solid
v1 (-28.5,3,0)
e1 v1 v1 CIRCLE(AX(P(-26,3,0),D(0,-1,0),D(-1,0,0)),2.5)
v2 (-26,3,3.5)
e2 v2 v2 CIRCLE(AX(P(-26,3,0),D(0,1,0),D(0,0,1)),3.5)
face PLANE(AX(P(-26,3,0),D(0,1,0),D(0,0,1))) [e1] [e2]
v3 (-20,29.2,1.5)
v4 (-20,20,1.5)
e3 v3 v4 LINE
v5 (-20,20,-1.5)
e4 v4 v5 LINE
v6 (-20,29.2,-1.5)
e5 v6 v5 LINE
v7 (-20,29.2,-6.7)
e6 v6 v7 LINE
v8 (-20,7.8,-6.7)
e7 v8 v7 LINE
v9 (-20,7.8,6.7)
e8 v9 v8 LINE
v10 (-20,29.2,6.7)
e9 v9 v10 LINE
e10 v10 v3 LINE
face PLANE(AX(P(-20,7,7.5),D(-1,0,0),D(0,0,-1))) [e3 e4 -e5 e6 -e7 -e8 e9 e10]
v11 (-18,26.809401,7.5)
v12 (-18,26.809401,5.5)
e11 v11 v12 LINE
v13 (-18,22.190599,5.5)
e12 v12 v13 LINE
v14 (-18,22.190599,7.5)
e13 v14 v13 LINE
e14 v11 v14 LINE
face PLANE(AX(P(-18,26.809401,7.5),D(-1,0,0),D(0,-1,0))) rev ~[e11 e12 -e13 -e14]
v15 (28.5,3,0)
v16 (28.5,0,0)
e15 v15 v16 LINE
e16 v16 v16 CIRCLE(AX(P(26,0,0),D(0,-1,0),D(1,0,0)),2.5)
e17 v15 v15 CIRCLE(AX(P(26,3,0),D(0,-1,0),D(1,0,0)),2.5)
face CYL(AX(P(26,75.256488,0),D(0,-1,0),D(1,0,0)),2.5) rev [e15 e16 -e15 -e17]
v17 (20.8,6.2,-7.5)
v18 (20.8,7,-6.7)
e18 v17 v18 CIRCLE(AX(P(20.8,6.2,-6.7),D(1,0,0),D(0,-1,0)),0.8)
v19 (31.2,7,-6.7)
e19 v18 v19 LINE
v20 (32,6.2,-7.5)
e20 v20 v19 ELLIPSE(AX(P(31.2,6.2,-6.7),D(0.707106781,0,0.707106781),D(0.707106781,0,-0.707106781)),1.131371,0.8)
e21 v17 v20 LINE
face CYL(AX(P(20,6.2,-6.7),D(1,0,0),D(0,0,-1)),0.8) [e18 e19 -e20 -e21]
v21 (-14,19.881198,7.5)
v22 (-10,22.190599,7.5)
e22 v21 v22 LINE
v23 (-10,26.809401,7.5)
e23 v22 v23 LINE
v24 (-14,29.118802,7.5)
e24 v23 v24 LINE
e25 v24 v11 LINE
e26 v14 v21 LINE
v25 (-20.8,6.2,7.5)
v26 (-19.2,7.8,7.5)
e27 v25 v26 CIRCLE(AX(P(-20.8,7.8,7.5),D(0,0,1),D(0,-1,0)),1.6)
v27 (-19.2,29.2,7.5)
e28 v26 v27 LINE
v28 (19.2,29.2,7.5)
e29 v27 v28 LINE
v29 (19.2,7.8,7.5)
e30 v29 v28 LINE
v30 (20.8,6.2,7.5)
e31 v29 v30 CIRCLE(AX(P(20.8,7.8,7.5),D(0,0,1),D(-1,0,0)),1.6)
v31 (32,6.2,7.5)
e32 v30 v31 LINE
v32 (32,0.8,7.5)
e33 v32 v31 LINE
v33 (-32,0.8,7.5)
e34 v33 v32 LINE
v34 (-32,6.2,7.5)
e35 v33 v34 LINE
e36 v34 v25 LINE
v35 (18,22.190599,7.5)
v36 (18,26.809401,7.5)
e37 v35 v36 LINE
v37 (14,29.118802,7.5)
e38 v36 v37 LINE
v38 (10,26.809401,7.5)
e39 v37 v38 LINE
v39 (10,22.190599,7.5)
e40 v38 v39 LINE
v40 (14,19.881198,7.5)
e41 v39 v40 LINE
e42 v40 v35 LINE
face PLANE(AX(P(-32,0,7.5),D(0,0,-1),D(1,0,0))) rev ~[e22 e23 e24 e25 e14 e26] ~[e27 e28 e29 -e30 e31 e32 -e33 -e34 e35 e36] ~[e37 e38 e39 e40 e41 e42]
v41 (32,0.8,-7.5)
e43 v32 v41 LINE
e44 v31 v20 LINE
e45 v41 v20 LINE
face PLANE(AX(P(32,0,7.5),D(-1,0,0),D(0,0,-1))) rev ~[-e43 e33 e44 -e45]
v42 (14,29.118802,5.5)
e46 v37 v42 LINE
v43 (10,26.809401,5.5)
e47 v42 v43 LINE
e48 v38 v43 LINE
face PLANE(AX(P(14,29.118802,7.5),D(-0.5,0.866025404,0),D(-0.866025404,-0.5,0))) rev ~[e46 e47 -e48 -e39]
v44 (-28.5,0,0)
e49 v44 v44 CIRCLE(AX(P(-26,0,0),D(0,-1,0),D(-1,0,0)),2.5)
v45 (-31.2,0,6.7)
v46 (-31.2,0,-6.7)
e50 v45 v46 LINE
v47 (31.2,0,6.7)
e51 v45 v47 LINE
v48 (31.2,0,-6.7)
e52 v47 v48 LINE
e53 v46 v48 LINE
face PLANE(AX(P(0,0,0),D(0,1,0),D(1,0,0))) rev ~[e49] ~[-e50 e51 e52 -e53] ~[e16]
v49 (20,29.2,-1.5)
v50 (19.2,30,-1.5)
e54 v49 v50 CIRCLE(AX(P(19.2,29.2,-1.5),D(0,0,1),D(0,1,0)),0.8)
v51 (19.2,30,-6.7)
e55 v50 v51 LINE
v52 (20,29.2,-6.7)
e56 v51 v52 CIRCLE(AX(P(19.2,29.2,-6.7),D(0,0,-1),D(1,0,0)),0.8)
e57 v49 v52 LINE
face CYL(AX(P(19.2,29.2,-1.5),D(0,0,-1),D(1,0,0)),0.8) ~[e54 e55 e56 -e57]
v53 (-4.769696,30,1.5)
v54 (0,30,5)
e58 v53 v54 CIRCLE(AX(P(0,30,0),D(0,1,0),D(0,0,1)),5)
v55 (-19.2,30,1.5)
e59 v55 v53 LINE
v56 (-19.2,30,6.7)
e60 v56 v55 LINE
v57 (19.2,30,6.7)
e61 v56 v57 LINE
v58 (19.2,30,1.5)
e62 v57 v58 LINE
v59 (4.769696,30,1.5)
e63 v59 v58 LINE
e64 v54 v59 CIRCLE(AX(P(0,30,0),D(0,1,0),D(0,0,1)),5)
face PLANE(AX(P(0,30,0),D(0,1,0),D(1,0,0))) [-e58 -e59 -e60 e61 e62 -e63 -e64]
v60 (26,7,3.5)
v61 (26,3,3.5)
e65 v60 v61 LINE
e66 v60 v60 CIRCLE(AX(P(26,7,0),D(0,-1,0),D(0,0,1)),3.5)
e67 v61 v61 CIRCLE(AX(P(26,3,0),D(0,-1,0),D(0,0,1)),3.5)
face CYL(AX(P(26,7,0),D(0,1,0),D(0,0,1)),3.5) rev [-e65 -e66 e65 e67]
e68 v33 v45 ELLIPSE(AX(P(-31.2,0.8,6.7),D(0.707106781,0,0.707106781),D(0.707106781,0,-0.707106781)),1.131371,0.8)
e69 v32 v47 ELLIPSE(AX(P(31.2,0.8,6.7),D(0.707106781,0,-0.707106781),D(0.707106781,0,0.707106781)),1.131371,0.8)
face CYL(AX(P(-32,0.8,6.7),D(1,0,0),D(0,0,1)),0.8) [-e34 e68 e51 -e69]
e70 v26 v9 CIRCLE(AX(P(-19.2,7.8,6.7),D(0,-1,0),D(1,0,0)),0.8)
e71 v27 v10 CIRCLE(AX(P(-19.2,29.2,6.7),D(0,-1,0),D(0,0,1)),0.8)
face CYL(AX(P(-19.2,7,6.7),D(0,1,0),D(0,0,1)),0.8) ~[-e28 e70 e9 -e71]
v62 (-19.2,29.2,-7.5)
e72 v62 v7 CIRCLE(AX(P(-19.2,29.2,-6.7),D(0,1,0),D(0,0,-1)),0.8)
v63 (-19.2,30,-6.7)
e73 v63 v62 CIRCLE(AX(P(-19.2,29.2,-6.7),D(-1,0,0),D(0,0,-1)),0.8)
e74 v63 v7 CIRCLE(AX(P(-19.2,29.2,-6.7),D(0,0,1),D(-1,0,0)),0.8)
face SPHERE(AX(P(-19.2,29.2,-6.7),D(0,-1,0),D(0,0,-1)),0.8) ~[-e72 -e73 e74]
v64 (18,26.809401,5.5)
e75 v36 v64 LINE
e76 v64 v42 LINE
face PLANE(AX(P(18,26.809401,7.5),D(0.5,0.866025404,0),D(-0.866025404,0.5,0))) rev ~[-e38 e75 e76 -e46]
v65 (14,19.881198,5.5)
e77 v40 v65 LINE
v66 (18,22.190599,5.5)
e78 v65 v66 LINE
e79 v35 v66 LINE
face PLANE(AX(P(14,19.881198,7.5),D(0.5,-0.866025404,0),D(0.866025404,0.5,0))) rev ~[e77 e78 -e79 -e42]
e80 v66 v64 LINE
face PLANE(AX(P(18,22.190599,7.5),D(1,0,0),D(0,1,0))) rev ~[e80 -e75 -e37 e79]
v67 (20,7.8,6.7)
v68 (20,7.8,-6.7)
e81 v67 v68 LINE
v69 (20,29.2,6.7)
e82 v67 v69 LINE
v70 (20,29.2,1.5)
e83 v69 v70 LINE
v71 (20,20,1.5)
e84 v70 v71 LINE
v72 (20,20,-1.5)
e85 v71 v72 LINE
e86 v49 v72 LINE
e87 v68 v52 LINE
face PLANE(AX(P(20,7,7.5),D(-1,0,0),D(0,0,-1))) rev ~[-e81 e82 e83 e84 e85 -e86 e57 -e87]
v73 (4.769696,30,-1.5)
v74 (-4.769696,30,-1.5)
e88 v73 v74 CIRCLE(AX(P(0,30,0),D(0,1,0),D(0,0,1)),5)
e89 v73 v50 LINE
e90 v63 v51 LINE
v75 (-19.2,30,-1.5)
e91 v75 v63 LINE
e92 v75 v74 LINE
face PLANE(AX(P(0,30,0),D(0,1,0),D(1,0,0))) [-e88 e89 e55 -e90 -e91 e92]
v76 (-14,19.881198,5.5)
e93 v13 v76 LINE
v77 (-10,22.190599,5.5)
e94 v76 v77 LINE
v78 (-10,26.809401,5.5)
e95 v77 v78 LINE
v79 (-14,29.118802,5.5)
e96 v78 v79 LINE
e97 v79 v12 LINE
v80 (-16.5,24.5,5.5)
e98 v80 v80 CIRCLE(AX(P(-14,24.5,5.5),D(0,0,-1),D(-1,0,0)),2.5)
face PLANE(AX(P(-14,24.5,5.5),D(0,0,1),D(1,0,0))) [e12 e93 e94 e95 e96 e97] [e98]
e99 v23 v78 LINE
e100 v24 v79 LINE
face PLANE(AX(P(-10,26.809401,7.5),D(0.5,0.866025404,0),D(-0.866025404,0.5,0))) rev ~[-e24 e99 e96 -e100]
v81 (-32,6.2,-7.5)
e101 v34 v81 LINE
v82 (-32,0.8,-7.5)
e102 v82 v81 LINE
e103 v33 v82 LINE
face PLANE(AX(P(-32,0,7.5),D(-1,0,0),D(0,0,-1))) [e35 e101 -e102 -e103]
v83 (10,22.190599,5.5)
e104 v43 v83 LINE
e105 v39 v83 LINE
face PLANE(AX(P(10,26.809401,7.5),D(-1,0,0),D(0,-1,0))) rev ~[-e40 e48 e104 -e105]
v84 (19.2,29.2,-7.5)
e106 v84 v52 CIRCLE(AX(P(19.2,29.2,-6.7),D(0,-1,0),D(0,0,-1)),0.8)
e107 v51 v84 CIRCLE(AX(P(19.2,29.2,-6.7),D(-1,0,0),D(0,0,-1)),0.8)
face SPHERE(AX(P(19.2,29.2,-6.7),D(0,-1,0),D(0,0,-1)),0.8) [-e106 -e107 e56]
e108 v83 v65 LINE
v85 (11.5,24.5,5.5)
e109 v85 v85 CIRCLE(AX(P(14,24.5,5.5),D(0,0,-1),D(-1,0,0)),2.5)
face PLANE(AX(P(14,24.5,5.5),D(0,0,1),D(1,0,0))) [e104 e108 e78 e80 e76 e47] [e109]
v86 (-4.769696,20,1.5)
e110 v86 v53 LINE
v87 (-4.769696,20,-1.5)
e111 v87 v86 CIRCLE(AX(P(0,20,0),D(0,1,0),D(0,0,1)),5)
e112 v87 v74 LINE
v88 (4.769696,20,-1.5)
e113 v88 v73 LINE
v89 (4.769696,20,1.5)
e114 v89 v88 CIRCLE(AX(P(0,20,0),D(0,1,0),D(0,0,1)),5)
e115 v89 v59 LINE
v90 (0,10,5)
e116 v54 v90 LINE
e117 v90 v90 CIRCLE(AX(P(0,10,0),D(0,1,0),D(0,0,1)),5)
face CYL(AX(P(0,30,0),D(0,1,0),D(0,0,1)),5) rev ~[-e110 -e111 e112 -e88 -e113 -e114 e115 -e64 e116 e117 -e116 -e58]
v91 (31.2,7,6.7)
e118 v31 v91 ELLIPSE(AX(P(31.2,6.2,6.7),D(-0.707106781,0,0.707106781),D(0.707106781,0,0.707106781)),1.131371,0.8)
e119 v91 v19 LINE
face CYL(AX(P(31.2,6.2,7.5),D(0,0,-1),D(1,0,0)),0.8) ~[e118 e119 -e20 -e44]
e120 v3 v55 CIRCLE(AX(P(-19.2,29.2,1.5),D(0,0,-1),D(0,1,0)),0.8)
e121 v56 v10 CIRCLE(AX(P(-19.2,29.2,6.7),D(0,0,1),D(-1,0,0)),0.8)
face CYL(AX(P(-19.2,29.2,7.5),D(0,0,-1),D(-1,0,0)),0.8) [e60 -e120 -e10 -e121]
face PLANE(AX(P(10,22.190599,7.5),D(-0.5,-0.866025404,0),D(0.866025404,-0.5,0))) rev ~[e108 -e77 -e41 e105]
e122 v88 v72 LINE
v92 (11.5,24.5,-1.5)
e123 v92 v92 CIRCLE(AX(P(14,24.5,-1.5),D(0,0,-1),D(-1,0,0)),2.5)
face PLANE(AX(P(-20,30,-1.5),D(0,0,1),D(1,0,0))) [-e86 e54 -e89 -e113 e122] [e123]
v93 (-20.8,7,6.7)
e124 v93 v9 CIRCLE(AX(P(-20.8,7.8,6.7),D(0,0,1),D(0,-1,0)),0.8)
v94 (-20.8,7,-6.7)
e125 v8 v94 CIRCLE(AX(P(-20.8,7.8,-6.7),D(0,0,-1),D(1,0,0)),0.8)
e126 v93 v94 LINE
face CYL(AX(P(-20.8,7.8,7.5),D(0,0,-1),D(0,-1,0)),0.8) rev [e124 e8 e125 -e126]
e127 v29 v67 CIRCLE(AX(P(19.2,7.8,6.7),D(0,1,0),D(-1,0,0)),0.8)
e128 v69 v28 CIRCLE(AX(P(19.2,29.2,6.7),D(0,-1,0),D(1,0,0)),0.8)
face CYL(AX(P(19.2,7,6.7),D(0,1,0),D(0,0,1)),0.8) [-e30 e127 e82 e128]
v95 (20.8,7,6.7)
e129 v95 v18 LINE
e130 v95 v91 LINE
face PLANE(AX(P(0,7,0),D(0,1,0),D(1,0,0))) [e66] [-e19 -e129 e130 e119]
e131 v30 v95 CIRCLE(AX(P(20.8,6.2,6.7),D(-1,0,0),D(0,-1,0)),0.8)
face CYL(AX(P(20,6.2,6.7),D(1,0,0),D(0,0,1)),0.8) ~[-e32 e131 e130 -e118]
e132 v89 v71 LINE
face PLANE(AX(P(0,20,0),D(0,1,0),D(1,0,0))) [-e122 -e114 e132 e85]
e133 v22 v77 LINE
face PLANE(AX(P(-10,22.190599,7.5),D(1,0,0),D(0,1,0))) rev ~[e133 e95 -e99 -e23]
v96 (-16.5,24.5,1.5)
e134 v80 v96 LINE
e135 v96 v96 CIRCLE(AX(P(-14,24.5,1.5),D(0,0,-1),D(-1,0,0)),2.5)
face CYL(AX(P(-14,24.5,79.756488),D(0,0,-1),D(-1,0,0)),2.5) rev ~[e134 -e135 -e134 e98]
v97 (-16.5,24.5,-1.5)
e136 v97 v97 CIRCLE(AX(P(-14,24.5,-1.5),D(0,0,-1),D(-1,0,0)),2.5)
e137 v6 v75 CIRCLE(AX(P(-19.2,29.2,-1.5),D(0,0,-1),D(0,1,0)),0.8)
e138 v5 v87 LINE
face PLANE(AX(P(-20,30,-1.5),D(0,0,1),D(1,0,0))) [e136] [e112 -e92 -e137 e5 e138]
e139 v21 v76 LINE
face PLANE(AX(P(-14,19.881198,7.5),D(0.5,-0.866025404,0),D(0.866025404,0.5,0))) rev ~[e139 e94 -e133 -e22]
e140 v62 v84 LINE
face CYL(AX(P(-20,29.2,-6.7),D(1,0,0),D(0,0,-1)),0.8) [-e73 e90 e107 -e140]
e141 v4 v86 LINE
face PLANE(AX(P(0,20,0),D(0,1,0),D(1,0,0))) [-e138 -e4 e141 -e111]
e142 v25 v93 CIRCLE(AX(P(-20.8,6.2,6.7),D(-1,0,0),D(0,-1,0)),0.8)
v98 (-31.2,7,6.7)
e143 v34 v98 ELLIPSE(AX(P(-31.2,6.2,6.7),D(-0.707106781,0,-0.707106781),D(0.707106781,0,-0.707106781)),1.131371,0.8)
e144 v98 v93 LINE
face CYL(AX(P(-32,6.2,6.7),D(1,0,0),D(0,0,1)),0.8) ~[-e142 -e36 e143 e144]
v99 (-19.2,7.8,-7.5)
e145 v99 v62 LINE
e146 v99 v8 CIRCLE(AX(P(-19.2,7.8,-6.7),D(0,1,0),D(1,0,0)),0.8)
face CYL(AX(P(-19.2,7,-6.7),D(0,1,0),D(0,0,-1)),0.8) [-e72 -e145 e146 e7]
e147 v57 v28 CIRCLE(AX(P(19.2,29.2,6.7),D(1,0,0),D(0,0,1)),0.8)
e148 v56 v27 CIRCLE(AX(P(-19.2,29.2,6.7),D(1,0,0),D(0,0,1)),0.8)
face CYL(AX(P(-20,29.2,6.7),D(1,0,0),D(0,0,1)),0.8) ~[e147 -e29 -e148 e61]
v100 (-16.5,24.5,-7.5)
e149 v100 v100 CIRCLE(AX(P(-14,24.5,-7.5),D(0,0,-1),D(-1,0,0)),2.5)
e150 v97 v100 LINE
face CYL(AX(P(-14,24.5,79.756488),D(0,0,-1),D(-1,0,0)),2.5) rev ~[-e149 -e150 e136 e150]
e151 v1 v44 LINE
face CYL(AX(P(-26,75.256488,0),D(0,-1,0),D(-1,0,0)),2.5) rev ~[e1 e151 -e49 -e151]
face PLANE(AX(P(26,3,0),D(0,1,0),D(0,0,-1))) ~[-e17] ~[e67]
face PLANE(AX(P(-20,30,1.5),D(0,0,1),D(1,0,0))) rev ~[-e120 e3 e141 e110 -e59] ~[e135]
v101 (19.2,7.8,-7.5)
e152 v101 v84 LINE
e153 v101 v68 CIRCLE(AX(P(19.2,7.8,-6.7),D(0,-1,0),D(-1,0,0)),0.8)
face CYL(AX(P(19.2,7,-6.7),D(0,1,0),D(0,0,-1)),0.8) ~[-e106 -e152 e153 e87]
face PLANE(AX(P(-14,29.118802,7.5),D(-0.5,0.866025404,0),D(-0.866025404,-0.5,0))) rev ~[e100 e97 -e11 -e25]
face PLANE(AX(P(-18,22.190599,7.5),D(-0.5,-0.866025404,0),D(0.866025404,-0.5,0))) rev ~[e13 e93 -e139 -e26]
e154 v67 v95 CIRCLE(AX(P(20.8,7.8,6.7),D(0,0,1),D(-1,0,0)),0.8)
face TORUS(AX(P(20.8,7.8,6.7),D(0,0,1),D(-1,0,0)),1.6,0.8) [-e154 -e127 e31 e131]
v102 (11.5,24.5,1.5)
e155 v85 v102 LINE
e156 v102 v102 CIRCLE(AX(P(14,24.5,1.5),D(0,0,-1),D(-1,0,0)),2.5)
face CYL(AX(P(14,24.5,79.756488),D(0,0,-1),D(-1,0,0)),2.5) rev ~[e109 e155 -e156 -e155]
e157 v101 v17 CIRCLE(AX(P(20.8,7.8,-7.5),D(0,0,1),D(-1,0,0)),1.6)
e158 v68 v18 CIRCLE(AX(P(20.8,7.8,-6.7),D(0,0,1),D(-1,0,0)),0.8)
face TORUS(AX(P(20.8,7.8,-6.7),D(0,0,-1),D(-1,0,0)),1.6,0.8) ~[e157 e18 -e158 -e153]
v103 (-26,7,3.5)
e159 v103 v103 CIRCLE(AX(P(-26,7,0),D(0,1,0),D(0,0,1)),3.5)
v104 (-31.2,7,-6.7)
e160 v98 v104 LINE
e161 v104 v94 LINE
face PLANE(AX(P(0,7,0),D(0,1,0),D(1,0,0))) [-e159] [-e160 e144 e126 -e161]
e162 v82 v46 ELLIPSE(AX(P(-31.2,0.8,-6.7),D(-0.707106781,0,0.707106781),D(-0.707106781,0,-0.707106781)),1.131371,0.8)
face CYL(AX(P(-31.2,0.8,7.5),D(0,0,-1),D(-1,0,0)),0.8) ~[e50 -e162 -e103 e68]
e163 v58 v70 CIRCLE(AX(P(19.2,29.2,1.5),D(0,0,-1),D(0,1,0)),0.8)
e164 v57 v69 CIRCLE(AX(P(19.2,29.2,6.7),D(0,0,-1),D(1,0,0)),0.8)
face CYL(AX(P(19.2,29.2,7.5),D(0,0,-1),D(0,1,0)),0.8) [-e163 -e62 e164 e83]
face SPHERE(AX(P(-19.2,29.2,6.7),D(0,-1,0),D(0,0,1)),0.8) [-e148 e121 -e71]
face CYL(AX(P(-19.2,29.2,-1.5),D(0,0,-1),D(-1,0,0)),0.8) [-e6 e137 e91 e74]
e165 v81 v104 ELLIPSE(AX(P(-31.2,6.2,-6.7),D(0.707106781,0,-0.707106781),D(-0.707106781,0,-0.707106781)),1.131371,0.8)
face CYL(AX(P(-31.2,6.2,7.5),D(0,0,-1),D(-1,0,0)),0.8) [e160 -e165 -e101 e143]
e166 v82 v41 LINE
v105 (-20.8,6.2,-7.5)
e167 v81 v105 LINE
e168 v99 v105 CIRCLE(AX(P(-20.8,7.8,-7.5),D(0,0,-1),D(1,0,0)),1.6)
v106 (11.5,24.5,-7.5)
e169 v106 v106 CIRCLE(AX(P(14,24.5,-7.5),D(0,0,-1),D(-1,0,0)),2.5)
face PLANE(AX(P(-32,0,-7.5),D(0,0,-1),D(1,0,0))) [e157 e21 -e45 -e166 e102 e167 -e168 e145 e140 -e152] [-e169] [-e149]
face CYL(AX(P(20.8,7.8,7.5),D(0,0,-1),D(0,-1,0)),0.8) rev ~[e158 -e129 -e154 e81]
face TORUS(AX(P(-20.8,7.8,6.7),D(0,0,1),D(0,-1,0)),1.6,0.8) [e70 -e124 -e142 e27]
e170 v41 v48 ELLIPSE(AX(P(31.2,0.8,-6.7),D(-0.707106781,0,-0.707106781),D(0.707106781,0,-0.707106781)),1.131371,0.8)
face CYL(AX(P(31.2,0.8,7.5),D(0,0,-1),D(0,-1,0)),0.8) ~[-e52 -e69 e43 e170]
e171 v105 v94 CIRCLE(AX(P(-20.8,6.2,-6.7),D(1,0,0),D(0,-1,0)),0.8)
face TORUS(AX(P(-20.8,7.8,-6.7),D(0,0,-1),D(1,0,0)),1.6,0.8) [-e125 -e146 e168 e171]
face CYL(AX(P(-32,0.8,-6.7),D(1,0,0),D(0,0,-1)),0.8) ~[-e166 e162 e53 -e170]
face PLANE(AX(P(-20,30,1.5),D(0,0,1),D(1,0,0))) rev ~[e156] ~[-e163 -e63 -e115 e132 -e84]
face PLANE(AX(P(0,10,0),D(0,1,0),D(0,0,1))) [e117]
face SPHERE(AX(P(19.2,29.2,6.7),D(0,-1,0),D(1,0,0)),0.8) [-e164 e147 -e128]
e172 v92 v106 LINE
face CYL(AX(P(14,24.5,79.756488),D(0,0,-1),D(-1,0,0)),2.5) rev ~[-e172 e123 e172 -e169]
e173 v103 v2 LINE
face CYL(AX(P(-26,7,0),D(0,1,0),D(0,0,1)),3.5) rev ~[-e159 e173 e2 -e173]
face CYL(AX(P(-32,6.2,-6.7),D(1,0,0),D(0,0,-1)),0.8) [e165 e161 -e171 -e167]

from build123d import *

# Parameters (mm, degrees)
SKETCH_1_W          = 64
SKETCH_1_H          = 15
EXTRUDE_1_DEPTH     = 7
SKETCH_2_W          = 40
SKETCH_2_H          = 15
EXTRUDE_2_DEPTH     = 23
SKETCH_3_R          = 5
CUT_EXTRUDE_1_DEPTH = 20
SKETCH_4_W          = 40
SKETCH_4_H          = 3
CUT_EXTRUDE_2_DEPTH = 10
HOLE_WIZARD_M5_1_D  = 5
SKETCH_8_R          = 3.5
CUT_EXTRUDE_3_DEPTH = 4
HOLE_WIZARD_M5_2_D  = 5
CUT_EXTRUDE_5_DEPTH = 2
FILLET_1_R          = 0.8


with BuildPart() as part:
    # 草图1 → 凸台-拉伸1 (new body)
    with BuildSketch(Plane(origin=(0, 0, 0), x_dir=(1, 0, 0), z_dir=(0, 1, 0))):
        Rectangle(SKETCH_1_W, SKETCH_1_H)
    extrude(amount=EXTRUDE_1_DEPTH)

    # 草图2 → 凸台-拉伸2 (add)
    with BuildSketch(Plane(origin=(0, 7, 0), x_dir=(1, 0, 0), z_dir=(0, 1, 0))):
        Rectangle(SKETCH_2_W, SKETCH_2_H)
    extrude(amount=EXTRUDE_2_DEPTH)

    # 草图3 → 切除-拉伸1 (cut)
    with BuildSketch(Plane(origin=(0, 30, 0), x_dir=(1, 0, 0), z_dir=(0, 1, 0))):
        with Locations(Location((0, 0, 0), (0, 0, 270))):
            Circle(SKETCH_3_R)
    extrude(amount=-CUT_EXTRUDE_1_DEPTH, mode=Mode.SUBTRACT)

    # 草图4 → 切除-拉伸2 (cut)
    with BuildSketch(Plane(origin=(0, 30, 0), x_dir=(1, 0, 0), z_dir=(0, 1, 0))):
        Rectangle(SKETCH_4_W, SKETCH_4_H)
    extrude(amount=-CUT_EXTRUDE_2_DEPTH, mode=Mode.SUBTRACT)

    # M5 螺纹孔的螺纹孔钻头1 (through all)
    with Locations(Plane.XY.offset(7.5)):
        with Locations((-14, 24.5), (14, 24.5)):
            Hole(HOLE_WIZARD_M5_1_D / 2)

    # 草图8 → 切除-拉伸3 (cut)
    with BuildSketch(Plane(origin=(0, 7, 0), x_dir=(1, 0, 0), z_dir=(0, 1, 0))):
        with Locations(Location((-26, 0, 0), (0, 0, 270))):
            Circle(SKETCH_8_R)
    cut_extrude_3 = extrude(amount=-CUT_EXTRUDE_3_DEPTH, mode=Mode.SUBTRACT)

    # M5 螺纹孔的螺纹孔钻头2 (through all)
    with Locations(Plane(origin=(0, 3, 0), x_dir=(1, 0, 0), z_dir=(0, 1, 0))):
        with Locations((-26, 0)):
            hole_wizard_m5_2 = Hole(HOLE_WIZARD_M5_2_D / 2)

    # 镜向1: 切除-拉伸3, M5 螺纹孔的螺纹孔钻头2 across plane
    add(cut_extrude_3.mirror(Plane(origin=(0, 0, 0), x_dir=(0, 0, 1), z_dir=(1, 0, 0))), mode=Mode.SUBTRACT)
    add(hole_wizard_m5_2.mirror(Plane(origin=(0, 0, 0), x_dir=(0, 0, 1), z_dir=(1, 0, 0))), mode=Mode.SUBTRACT)

    # 草图12 → 切除-拉伸5 (cut)
    with BuildSketch(Plane.XY.offset(7.5)):
        Polygon((-14, 19.881197846), (-10, 22.190598923), (-10, 26.809401077), (-14, 29.118802154), (-18, 26.809401077), (-18, 22.190598923), align=None)
        Polygon((14, 19.881197846), (18, 22.190598923), (18, 26.809401077), (14, 29.118802154), (10, 26.809401077), (10, 22.190598923), align=None)
    extrude(amount=-CUT_EXTRUDE_5_DEPTH, mode=Mode.SUBTRACT)

    # 圆角1
    fillet_1_edges = [part.edges().sort_by_distance(p)[0] for p in [
        (-32, 7, 0),
        (-26, 7, -7.5),
        (26, 7, 7.5),
        (20, 7, 0),
        (20, 18.5, 7.5),
        (20, 18.5, -7.5),
        (-20, 7, 0),
        (-20, 18.5, -7.5),
        (-26, 7, 7.5),
        (-20, 18.5, 7.5),
        (20, 30, 4.5),
        (0, 30, -7.5),
        (-20, 30, -4.5),
        (0, 30, 7.5),
        (20, 30, -4.5),
        (-20, 30, 4.5),
        (32, 7, 0),
        (0, 0, 7.5),
        (-32, 0, 0),
        (0, 0, -7.5),
        (32, 0, 0),
        (26, 7, -7.5),
    ]]
    fillet(fillet_1_edges, radius=FILLET_1_R)


solid = part.part
